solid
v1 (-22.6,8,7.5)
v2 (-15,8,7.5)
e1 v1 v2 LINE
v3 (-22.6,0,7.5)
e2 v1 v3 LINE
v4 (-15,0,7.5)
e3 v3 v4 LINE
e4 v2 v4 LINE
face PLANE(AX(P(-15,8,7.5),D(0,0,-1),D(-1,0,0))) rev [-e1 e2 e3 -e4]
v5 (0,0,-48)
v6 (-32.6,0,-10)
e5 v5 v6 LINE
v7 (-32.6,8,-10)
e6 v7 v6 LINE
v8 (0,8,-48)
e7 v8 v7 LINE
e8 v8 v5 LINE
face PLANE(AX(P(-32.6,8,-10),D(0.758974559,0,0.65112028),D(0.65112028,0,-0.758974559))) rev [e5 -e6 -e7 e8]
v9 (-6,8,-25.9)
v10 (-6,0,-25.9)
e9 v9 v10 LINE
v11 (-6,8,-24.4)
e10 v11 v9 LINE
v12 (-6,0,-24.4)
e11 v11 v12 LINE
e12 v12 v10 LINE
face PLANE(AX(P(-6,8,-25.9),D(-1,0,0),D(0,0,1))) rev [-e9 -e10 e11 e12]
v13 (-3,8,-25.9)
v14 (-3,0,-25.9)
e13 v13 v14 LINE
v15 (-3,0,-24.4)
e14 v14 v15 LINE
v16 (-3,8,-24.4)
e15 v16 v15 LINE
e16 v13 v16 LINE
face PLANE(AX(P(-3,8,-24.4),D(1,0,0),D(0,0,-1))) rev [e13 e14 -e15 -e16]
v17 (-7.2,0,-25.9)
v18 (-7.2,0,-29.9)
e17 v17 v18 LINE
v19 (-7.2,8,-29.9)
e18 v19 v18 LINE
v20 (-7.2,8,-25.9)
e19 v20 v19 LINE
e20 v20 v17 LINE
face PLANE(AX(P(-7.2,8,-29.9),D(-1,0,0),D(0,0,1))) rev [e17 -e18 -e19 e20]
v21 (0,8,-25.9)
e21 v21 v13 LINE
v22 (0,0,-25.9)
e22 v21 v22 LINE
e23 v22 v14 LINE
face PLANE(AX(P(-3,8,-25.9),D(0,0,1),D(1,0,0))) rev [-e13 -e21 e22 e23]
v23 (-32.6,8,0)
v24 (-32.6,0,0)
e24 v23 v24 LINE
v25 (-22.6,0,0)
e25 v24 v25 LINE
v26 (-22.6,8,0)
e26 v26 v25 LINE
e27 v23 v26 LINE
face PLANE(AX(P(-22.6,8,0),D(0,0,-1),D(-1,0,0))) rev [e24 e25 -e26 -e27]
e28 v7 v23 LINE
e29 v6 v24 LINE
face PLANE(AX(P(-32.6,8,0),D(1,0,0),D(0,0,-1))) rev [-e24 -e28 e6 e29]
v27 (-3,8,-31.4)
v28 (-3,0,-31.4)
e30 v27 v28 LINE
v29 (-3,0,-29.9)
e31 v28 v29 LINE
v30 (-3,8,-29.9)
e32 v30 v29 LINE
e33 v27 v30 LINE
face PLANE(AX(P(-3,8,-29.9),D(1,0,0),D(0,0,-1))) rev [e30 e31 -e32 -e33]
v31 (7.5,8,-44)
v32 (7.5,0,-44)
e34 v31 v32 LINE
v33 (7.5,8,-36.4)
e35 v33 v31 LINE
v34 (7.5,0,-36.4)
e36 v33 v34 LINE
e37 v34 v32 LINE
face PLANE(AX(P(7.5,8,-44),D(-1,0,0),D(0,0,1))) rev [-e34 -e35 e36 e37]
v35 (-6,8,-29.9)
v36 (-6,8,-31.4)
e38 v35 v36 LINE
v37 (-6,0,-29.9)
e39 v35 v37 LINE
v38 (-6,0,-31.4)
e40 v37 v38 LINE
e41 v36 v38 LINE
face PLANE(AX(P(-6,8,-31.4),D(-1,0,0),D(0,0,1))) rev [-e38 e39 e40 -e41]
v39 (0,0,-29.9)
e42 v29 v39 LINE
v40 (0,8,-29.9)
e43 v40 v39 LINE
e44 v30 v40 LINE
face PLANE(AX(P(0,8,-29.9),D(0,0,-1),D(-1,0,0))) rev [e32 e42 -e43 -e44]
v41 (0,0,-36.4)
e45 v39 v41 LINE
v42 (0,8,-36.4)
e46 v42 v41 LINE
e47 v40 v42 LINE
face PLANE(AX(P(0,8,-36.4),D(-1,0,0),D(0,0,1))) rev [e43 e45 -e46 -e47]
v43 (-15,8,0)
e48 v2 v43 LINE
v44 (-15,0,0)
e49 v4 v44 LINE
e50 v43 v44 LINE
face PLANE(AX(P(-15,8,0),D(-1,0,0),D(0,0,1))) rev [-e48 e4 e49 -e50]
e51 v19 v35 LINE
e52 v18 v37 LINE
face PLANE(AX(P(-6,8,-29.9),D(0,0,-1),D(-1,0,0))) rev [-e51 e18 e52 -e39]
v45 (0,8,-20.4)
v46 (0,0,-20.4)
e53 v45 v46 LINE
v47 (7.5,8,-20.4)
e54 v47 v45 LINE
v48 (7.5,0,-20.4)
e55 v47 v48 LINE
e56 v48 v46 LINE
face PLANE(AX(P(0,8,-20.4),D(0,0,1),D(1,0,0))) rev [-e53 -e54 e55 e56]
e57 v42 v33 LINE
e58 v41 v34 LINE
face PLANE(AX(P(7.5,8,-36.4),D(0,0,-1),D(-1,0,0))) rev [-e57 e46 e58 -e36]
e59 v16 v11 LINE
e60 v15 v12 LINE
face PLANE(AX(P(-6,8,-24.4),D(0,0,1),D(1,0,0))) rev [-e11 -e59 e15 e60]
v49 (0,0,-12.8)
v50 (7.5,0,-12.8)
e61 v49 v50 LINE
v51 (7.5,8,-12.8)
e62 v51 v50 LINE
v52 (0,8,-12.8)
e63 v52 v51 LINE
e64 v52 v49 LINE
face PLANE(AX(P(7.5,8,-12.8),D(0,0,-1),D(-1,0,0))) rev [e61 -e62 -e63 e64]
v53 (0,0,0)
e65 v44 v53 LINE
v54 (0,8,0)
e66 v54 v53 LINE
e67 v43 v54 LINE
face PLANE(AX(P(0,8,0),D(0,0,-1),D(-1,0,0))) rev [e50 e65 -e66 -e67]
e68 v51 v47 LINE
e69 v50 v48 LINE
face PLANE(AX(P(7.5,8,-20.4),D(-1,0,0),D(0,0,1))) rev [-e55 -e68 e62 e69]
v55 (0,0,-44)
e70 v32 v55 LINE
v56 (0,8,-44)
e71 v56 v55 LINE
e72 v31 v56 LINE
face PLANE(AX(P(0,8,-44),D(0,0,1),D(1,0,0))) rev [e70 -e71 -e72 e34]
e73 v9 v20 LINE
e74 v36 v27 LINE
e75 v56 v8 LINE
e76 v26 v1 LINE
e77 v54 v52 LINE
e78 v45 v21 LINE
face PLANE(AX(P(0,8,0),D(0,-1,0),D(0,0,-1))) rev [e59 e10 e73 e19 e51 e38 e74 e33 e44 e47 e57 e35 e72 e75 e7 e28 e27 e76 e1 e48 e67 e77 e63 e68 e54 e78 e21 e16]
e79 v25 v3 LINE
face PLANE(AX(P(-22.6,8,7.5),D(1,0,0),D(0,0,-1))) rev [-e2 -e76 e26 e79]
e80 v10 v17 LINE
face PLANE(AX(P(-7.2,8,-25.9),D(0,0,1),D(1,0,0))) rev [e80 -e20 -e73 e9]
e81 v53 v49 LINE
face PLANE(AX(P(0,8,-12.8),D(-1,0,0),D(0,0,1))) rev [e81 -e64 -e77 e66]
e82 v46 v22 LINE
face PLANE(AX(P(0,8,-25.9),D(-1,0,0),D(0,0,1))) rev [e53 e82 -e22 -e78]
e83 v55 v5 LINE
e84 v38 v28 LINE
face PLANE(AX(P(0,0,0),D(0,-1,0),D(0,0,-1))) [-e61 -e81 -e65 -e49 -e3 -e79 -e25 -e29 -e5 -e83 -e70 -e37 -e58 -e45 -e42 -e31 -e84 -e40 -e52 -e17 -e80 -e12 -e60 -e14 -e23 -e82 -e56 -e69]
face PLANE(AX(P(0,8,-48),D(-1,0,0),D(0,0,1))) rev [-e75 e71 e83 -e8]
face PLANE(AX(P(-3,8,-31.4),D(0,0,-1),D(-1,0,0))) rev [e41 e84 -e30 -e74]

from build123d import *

# Parameters (mm, degrees)
BOSS_EXTRUDE1_DEPTH = 8


with BuildPart() as part:
    # Sketch1 → Boss-Extrude1 (new body)
    with BuildSketch(Plane(origin=(0, 0, 0), x_dir=(1, 0, 0), z_dir=(0, 1, 0))):
        Polygon((0, 0), (-15, 0), (-15, -7.5), (-22.6, -7.5), (-22.6, 0), (-32.6, 0), (-32.6, 10), (0, 48), (0, 44), (7.5, 44), (7.5, 36.4), (0, 36.4), (0, 29.9), (-3, 29.9), (-3, 31.4), (-6, 31.4), (-6, 29.9), (-7.2, 29.9), (-7.2, 25.9), (-6, 25.9), (-6, 24.4), (-3, 24.4), (-3, 25.9), (0, 25.9), (0, 20.4), (7.5, 20.4), (7.5, 12.8), (0, 12.8), align=None)
    extrude(amount=BOSS_EXTRUDE1_DEPTH)


solid = part.part
